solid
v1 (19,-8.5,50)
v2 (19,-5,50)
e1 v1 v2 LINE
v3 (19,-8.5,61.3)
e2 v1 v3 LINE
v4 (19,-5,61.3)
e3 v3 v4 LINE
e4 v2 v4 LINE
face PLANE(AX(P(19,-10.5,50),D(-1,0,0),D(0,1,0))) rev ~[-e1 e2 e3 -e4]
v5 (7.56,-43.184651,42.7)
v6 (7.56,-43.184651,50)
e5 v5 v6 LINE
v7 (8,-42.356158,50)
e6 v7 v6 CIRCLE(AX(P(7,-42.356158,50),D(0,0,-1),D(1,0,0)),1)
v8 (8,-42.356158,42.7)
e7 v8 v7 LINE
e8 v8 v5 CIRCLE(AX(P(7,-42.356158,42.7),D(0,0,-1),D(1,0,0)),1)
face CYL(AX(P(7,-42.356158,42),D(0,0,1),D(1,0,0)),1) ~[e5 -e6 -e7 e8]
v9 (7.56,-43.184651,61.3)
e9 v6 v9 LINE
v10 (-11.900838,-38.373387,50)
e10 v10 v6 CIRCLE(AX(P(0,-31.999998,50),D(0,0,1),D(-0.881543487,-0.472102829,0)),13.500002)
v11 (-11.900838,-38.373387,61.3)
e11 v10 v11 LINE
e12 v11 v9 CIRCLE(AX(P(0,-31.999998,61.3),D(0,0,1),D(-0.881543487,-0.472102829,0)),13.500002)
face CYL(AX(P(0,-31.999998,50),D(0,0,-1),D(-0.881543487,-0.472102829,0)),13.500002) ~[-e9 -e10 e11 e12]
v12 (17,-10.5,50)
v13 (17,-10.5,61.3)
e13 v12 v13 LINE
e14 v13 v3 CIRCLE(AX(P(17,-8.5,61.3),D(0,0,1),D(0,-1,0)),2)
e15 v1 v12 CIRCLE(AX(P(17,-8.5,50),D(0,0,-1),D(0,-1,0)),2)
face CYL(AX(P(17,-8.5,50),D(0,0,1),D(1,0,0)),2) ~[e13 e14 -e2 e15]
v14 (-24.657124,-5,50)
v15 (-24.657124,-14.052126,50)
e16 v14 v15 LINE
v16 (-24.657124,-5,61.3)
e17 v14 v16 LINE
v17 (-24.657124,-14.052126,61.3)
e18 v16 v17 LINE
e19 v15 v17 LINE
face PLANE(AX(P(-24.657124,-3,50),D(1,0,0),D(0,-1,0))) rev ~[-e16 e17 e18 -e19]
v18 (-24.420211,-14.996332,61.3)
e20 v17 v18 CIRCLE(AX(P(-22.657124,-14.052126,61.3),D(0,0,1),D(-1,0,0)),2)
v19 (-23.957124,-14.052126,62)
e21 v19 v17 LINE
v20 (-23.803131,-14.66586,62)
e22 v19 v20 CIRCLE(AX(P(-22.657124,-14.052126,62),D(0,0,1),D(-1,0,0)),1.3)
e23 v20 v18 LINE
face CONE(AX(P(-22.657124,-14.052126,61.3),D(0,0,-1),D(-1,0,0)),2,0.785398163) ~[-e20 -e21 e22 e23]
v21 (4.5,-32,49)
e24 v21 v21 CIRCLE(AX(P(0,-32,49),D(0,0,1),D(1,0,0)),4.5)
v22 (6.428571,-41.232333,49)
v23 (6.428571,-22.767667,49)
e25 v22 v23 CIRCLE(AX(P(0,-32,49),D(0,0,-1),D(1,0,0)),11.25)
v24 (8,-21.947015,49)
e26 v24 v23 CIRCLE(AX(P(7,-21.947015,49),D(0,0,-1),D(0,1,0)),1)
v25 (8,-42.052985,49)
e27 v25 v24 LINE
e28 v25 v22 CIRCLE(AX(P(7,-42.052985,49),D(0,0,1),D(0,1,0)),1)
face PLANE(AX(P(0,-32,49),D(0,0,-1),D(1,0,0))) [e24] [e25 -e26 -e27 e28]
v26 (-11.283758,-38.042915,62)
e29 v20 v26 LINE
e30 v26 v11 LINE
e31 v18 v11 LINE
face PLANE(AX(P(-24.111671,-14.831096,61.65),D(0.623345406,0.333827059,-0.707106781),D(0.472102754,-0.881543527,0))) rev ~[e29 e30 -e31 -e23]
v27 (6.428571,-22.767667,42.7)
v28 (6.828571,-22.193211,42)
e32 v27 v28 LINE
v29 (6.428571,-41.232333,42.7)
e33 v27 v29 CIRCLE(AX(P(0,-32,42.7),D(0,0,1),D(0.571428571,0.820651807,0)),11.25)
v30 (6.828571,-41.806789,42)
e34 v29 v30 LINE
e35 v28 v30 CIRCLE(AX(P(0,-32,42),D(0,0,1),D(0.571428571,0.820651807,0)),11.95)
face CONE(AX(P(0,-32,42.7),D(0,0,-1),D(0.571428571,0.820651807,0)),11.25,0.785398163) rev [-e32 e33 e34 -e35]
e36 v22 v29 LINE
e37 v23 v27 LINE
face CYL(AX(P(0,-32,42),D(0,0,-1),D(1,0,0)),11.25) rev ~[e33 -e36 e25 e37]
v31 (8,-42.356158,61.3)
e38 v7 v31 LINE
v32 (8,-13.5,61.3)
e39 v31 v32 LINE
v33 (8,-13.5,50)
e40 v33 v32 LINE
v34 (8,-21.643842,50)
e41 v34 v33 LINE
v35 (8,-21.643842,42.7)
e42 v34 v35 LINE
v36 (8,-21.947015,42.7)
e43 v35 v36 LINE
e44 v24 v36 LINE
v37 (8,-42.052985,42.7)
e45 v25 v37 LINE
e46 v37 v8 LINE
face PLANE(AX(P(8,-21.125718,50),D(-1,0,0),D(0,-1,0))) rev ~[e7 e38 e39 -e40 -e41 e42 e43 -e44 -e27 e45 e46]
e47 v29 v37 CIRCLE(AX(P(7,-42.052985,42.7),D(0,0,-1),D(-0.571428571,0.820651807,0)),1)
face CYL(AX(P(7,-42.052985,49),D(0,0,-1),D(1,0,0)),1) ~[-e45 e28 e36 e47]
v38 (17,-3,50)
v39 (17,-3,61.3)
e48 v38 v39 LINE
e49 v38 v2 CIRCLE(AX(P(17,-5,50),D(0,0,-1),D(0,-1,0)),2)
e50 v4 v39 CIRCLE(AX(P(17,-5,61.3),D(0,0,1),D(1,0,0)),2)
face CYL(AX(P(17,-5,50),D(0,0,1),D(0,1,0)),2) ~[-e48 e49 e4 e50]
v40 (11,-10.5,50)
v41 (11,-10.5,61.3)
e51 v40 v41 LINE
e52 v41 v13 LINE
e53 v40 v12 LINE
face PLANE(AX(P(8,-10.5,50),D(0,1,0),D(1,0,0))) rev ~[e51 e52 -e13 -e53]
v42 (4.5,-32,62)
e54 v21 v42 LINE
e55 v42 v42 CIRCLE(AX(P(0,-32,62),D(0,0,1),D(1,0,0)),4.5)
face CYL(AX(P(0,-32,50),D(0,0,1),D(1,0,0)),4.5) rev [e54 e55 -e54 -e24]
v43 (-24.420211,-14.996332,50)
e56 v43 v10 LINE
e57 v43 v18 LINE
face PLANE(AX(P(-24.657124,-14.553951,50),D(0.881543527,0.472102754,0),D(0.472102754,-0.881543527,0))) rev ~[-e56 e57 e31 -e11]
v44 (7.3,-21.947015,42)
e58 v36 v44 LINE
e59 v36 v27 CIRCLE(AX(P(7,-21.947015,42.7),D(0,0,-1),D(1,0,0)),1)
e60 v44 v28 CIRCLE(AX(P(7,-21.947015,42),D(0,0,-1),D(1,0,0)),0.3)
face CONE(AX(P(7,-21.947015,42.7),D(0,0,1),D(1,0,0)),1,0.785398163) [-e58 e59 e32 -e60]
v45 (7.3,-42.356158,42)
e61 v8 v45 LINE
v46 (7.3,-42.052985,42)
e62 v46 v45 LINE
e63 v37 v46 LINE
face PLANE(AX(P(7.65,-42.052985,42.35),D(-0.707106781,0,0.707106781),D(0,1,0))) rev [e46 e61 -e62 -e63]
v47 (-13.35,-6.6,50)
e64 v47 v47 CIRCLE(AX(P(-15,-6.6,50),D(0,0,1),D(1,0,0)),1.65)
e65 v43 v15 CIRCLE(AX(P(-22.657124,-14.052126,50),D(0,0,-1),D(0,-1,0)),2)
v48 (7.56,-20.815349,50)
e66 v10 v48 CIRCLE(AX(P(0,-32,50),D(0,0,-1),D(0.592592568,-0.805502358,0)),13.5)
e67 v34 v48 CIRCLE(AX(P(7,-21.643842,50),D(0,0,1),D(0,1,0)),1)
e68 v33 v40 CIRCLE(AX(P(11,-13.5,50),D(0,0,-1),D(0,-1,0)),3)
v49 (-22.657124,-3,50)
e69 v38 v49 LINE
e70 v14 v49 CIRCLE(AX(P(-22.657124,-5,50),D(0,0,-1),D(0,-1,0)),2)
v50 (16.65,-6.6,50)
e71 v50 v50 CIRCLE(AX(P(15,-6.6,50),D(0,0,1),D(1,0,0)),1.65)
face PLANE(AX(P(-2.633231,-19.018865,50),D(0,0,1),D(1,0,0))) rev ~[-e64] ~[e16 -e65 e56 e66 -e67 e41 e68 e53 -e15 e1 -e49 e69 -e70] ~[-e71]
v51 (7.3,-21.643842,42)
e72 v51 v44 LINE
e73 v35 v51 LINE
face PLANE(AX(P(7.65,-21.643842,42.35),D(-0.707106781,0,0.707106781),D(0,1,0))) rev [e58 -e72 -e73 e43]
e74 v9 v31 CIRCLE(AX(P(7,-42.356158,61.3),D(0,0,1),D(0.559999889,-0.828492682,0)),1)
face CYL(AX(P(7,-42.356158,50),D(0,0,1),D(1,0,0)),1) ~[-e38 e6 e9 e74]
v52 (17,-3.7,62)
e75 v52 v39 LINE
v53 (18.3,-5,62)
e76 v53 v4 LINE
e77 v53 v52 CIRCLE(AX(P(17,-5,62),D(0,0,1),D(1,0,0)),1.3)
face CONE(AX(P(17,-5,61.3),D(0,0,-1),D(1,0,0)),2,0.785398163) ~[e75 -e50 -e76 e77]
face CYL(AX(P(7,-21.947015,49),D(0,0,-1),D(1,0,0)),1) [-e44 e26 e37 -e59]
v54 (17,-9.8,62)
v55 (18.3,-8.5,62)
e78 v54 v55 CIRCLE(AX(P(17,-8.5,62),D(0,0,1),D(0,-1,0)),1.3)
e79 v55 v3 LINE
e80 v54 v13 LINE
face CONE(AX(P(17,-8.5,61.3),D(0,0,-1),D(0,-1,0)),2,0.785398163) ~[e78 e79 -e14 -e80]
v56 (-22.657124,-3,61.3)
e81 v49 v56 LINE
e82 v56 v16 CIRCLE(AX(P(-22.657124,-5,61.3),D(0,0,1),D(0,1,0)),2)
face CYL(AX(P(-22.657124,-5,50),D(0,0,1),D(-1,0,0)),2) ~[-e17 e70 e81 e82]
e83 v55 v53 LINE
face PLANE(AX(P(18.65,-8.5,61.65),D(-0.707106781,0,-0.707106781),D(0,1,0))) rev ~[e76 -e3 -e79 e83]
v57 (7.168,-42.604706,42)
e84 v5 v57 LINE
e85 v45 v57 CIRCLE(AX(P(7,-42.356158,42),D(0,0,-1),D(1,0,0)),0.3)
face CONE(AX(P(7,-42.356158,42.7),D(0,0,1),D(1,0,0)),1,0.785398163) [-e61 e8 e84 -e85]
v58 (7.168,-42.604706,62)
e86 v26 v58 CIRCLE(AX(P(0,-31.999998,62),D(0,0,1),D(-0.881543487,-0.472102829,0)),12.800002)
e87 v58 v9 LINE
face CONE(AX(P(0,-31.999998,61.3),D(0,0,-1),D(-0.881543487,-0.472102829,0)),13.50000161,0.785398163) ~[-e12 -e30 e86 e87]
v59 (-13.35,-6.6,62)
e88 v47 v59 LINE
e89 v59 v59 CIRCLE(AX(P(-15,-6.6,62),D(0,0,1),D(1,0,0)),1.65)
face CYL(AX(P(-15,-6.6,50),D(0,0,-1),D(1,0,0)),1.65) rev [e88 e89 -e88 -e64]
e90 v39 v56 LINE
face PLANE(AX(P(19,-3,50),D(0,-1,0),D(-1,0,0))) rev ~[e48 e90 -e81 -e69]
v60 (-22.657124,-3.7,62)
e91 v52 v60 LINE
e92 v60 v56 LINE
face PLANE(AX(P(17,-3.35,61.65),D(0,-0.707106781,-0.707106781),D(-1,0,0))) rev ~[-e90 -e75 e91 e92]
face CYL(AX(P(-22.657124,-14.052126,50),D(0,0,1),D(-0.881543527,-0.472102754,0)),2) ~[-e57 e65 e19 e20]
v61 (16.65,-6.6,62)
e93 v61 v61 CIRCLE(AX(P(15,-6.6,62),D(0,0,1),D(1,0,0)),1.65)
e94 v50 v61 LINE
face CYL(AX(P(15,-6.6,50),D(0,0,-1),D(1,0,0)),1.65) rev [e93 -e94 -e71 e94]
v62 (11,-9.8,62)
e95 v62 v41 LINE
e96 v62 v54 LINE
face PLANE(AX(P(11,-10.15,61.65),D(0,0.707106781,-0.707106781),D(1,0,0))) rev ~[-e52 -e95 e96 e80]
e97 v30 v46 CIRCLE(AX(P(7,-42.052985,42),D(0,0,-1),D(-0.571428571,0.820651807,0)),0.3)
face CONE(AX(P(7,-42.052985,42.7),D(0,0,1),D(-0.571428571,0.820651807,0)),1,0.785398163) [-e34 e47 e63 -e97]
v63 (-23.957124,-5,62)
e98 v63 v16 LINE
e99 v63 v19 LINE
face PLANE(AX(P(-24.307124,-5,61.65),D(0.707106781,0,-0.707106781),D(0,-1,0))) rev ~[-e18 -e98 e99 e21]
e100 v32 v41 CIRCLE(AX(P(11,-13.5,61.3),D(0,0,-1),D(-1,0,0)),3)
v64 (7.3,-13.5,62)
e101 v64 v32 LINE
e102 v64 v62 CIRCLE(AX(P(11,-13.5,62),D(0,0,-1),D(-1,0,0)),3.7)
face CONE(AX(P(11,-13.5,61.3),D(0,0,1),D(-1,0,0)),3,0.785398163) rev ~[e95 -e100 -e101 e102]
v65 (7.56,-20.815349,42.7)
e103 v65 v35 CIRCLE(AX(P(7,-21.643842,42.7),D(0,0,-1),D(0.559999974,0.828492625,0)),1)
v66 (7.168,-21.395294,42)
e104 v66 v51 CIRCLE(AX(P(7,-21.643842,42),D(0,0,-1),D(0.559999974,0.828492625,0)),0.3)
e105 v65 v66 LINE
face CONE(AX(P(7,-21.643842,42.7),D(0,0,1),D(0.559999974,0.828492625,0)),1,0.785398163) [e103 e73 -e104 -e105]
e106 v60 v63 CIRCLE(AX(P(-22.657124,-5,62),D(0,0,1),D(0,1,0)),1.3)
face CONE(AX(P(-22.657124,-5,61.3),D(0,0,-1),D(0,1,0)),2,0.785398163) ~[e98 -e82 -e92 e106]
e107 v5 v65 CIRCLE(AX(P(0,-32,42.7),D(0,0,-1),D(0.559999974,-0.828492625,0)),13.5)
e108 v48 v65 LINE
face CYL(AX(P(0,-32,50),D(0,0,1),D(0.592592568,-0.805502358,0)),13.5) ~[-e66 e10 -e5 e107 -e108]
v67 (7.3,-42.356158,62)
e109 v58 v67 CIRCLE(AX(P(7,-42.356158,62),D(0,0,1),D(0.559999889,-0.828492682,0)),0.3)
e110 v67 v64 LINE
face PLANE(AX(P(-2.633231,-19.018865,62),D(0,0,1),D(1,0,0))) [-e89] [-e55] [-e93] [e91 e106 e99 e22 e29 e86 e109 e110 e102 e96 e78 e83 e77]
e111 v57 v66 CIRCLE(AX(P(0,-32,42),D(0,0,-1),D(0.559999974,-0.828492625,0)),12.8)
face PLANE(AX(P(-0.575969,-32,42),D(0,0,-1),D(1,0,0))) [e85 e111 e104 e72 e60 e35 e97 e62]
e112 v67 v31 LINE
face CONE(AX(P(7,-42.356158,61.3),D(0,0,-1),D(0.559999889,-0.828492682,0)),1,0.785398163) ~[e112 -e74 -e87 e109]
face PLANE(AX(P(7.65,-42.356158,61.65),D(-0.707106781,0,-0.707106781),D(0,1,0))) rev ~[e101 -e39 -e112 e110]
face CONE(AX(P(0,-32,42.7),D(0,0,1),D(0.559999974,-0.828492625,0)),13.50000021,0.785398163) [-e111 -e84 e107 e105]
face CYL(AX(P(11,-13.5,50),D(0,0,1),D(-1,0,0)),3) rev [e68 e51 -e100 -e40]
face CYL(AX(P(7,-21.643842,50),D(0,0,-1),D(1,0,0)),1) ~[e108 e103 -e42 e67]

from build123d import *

# Parameters (mm, degrees)
SKETCH027_R     = 1.65
SKETCH027_R_2   = 4.5
PAD014_DEPTH    = 12
SKETCH028_R     = 4.5
PAD015_DEPTH    = 8
SKETCH029_R     = 11.25
POCKET006_DEPTH = 7
FILLET001_R     = 3
FILLET003_R     = 1
FILLET004_R     = 2
CHAMFER010_SIZE = 0.7


with BuildPart() as part:
    # Sketch027 → Pad014 (new body)
    with BuildSketch(Plane.XY):
        with BuildLine():
            ThreePointArc((-11.900838, -6.373387), (-2.978027, -13.167435), (8, -10.874282))
            Line((8, -10.874282), (8, 21.5))
            Line((8, 21.5), (19, 21.5))
            Line((19, 21.5), (19, 29))
            Line((19, 29), (-24.657124, 29))
            Line((-24.657124, 29), (-24.657124, 17.446049))
            Line((-24.657124, 17.446049), (-11.900838, -6.373387))
        make_face()
        with Locations((15, 25.4)):
            Circle(SKETCH027_R, mode=Mode.SUBTRACT)
        with Locations((-15, 25.4)):
            Circle(SKETCH027_R, mode=Mode.SUBTRACT)
        Circle(SKETCH027_R_2, mode=Mode.SUBTRACT)
    extrude(amount=PAD014_DEPTH)

    # Sketch028 (on Face11 of Pad014) → Pad015 (join)
    with BuildSketch(Plane(origin=(0, 0, 0), x_dir=(1, 0, 0), z_dir=(0, 0, -1))):
        with BuildLine():
            ThreePointArc((8, 10.874282), (-13.5, 0), (8, -10.874282))
            Line((8, -10.874282), (8, 10.874282))
        make_face()
        Circle(SKETCH028_R, mode=Mode.SUBTRACT)
    extrude(amount=PAD015_DEPTH)

    # Sketch029 (on Face1 of Pad015) → Pocket006 (cut)
    with BuildSketch(Plane(origin=(0, 0, -8), x_dir=(1, 0, 0), z_dir=(0, 0, -1))):
        Circle(SKETCH029_R)
    extrude(amount=-POCKET006_DEPTH, mode=Mode.SUBTRACT)

    # Fillet001
    fillet001_edges = [part.edges().sort_by_distance(p)[0] for p in [
        (8, 21.5, 6),
    ]]
    fillet(fillet001_edges, radius=FILLET001_R)

    # Fillet003
    fillet003_edges = [part.edges().sort_by_distance(p)[0] for p in [
        (8, -10.874282, 2),
        (8, -7.909646, -4.5),
        (8, 7.909646, -4.5),
        (8, 10.874282, -4),
    ]]
    fillet(fillet003_edges, radius=FILLET003_R)

    # Fillet004
    fillet004_edges = [part.edges().sort_by_distance(p)[0] for p in [
        (19, 21.5, 6),
        (19, 29, 6),
        (-24.657124, 17.446049, 6),
        (-24.657124, 29, 6),
    ]]
    fillet(fillet004_edges, radius=FILLET004_R)

    # Chamfer010
    chamfer010_edges = [part.edges().sort_by_distance(p)[0] for p in [
        (-24.657124, 22.473937, 12),
        (-13.5, 0, -8),
    ]]
    chamfer(chamfer010_edges, length=CHAMFER010_SIZE)


with BuildPart() as part_1:
    # Body012 placement: moved
    add(part.part.moved(Location((0, -32, 50))))


solid = part_1.part
